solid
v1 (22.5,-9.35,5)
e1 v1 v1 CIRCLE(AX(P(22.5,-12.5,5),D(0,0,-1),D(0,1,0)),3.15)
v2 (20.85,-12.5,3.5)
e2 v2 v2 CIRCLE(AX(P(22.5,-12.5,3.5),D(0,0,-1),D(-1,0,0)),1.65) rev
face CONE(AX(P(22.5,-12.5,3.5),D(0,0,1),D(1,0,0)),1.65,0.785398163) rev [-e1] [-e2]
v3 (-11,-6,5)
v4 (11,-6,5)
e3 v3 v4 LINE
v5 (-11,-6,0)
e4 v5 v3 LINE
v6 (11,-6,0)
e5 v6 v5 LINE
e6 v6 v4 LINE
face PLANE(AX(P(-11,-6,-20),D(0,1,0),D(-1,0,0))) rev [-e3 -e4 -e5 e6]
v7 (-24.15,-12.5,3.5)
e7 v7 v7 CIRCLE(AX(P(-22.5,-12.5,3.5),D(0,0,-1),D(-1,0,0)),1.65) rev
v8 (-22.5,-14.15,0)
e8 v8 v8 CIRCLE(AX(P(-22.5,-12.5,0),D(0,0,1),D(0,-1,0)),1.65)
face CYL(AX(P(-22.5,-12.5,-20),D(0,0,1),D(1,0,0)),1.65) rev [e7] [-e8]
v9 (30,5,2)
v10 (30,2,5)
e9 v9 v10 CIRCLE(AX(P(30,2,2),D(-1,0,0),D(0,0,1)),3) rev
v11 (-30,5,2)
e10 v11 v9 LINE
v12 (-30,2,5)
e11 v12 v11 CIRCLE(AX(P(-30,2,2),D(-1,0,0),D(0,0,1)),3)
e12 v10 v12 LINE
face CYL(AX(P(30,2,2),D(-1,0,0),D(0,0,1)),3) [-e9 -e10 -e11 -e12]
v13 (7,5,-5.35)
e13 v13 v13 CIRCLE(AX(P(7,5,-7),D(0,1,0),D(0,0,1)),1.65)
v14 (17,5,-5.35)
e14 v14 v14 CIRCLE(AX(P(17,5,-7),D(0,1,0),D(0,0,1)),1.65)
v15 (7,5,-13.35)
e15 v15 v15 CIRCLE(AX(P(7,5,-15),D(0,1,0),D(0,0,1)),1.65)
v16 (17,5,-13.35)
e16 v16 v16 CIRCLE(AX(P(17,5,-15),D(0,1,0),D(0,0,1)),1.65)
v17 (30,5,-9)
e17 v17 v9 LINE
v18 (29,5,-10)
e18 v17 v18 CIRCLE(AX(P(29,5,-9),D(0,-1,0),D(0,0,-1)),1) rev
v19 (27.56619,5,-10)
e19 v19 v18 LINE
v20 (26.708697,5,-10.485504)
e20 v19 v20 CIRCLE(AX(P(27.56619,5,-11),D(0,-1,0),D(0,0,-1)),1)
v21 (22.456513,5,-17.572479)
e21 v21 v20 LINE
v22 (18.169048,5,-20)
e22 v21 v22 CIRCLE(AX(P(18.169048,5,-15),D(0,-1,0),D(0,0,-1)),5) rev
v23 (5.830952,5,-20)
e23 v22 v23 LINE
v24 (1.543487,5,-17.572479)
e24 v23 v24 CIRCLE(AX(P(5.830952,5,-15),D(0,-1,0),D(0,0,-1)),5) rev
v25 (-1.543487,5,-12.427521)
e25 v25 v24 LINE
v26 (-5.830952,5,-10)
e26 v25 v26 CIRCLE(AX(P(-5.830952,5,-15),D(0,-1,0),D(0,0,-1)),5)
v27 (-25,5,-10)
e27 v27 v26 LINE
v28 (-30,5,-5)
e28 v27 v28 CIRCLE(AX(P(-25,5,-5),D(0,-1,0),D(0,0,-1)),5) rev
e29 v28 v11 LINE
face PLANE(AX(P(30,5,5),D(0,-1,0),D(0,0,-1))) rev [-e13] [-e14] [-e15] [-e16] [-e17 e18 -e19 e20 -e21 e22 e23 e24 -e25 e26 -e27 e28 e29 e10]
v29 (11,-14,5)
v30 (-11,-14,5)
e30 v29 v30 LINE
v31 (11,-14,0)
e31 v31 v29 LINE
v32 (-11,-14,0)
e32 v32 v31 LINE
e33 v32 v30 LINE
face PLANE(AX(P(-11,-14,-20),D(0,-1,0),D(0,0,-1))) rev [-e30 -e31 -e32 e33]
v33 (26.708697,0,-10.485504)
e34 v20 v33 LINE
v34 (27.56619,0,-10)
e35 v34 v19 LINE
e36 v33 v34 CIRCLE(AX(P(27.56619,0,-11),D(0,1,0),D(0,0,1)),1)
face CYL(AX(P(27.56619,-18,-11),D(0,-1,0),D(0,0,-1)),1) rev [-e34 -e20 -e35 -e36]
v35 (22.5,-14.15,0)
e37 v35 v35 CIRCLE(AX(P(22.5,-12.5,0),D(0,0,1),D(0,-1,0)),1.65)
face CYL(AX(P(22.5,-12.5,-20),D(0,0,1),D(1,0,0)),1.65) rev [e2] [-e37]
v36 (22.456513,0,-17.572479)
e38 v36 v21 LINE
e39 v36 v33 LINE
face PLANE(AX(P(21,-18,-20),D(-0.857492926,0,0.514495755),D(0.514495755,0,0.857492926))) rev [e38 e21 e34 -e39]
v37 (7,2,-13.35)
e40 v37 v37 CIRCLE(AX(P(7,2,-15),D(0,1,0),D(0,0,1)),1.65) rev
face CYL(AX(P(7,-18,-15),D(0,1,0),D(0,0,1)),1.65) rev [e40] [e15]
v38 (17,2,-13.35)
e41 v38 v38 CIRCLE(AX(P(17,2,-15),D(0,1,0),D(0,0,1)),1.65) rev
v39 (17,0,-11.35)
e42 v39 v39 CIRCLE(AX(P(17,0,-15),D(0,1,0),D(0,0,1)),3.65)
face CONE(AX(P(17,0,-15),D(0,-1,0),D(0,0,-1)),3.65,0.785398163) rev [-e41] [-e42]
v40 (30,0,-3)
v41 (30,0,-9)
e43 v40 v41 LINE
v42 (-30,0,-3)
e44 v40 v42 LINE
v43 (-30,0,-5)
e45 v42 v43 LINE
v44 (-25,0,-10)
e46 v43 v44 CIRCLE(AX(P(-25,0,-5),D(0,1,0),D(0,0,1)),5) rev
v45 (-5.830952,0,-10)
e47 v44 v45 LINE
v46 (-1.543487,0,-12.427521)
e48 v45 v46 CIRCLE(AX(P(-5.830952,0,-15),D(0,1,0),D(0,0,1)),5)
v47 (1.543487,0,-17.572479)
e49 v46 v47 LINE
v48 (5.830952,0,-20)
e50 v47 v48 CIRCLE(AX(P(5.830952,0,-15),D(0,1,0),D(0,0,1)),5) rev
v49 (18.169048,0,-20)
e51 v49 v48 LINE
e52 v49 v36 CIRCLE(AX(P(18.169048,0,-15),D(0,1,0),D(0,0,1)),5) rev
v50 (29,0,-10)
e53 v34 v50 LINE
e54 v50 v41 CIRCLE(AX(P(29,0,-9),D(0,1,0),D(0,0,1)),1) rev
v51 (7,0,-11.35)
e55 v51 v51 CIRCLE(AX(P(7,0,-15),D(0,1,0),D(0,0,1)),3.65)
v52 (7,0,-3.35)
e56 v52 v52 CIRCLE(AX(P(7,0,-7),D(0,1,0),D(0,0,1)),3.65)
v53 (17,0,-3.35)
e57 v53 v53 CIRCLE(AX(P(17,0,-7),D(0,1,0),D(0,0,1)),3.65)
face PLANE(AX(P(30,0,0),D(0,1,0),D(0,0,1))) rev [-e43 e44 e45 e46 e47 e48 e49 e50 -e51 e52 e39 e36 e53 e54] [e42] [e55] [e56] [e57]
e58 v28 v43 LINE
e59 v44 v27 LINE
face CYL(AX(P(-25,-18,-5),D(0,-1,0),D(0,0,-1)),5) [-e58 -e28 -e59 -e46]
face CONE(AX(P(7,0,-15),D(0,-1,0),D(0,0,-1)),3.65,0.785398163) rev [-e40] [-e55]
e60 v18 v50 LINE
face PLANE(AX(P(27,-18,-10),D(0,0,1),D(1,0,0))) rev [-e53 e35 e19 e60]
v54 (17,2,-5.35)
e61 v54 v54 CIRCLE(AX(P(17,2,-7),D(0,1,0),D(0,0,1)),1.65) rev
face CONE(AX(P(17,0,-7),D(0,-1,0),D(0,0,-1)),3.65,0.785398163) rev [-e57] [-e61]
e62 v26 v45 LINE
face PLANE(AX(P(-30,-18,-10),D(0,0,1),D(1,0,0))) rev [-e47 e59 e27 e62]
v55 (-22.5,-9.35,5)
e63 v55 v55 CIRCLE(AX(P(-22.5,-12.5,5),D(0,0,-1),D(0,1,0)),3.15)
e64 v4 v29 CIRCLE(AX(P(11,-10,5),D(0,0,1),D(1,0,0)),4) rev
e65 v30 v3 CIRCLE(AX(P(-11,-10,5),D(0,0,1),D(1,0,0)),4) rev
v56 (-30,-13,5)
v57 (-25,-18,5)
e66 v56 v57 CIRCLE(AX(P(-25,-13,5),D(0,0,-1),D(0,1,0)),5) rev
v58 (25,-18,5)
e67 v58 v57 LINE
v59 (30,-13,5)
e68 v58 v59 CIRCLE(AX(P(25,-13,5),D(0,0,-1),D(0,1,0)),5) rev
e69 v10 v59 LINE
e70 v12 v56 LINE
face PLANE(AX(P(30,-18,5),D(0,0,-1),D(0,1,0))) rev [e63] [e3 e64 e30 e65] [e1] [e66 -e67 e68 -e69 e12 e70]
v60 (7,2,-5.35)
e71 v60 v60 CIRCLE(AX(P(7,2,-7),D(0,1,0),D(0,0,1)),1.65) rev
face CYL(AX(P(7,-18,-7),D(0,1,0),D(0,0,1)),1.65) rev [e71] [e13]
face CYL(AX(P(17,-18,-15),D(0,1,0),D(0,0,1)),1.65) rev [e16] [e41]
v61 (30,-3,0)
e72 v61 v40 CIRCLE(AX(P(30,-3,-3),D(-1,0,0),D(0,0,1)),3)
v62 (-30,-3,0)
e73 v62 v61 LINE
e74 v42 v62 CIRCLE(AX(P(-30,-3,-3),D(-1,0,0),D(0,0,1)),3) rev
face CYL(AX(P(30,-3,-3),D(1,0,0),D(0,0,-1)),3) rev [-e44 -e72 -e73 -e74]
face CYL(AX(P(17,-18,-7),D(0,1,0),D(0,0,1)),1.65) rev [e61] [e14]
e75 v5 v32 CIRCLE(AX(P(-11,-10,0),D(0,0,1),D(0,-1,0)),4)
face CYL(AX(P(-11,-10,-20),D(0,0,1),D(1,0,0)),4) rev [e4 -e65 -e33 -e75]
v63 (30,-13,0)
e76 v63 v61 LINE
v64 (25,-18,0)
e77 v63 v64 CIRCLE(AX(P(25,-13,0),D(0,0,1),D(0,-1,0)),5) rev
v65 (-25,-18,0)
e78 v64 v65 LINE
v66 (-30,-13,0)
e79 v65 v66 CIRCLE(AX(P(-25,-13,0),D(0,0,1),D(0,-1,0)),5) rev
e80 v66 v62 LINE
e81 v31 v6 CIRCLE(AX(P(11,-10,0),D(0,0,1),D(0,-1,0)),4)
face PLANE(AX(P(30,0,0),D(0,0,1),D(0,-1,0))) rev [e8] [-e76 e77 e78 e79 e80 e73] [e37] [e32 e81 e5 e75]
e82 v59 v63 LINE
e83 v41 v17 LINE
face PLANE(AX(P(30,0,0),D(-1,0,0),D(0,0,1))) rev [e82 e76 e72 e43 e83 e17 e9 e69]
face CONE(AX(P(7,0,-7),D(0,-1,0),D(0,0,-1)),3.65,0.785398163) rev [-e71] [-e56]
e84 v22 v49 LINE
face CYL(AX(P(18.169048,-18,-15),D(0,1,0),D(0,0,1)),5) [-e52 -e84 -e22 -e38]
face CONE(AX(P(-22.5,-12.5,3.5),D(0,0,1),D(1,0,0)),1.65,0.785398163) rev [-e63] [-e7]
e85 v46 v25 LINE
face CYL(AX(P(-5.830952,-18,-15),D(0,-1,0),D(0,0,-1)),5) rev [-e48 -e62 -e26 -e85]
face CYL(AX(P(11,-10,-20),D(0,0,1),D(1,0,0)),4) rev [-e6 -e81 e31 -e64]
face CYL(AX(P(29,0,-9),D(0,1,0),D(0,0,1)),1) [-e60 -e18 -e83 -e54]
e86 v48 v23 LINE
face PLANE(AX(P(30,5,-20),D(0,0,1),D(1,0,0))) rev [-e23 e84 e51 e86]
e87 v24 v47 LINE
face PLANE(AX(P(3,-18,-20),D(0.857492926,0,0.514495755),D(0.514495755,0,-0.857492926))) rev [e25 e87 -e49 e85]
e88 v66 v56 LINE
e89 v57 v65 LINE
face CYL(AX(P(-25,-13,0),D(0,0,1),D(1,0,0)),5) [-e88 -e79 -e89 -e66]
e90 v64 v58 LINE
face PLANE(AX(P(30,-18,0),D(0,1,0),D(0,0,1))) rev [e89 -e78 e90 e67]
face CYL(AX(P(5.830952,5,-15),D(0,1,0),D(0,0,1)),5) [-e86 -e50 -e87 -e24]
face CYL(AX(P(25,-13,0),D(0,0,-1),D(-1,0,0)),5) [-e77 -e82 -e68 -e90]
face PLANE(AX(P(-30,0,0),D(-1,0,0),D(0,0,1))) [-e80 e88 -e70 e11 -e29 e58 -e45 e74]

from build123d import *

# Parameters (mm, degrees)
BOSS_EXTRUDE1_DEPTH     = 30
CUT_EXTRUDE1_DEPTH      = 41.298883359
CUT_EXTRUDE1_DEPTH_BACK = 41.298883359
SKETCH2_R               = 1.65
CUT_EXTRUDE2_DEPTH      = 41.298883359
CUT_EXTRUDE2_DEPTH_BACK = 41.298883359
SKETCH3_R               = 1.65
FILLET1_R               = 5
FILLET2_R               = 3
CHAMFER1_SIZE           = 2
CHAMFER2_SIZE           = 1.5
CUT_EXTRUDE3_DEPTH      = 44
CUT_EXTRUDE3_DEPTH_BACK = 44
FILLET3_R               = 1


with BuildPart() as part:
    # Sketch1 → Boss-Extrude1 (new, symmetric)
    with BuildSketch(Plane(origin=(0, 0, 0), x_dir=(0, 0, -1), z_dir=(1, 0, 0))):
        Polygon((0, 0), (20, 0), (20, 5), (-5, 5), (-5, -18), (0, -18), align=None)
    extrude(amount=BOSS_EXTRUDE1_DEPTH, both=True)

    # Sketch2 → Cut-Extrude1 (cut, two sides: drawn at the far end of the back side and taken through both)
    with BuildSketch(Plane.XY.offset(-CUT_EXTRUDE1_DEPTH_BACK)):
        with Locations((22.5, -12.5)):
            Circle(SKETCH2_R)
        with Locations(Location((-22.5, -12.5, 0), (0, 0, 270))):
            Circle(SKETCH2_R)
    extrude(amount=CUT_EXTRUDE1_DEPTH + CUT_EXTRUDE1_DEPTH_BACK, mode=Mode.SUBTRACT)

    # Sketch3 → Cut-Extrude2 (cut, two sides: drawn at the far end of the back side and taken through both)
    with BuildSketch(Plane(origin=(0, 0, 0), x_dir=(1, 0, 0), z_dir=(0, 1, 0)).offset(-CUT_EXTRUDE2_DEPTH_BACK)):
        with Locations(Location((7, 7, 0), (0, 0, 270))):
            Circle(SKETCH3_R)
        with Locations(Location((17, 7, 0), (0, 0, 270))):
            Circle(SKETCH3_R)
        with Locations(Location((17, 15, 0), (0, 0, 270))):
            Circle(SKETCH3_R)
        with Locations(Location((7, 15, 0), (0, 0, 270))):
            Circle(SKETCH3_R)
        Polygon((21, 20), (27, 10), (30, 10), (38.233411058, 24.132528873), (36.351497345, 35.273458054), (14.220192082, 36.929542121), (-3.211887252, 31.82230336), (-34.48112888, 29.547116003), (-37.048006924, 19.046251277), (-30, 10), (-3, 10), (3, 20), align=None)
    extrude(amount=CUT_EXTRUDE2_DEPTH + CUT_EXTRUDE2_DEPTH_BACK, mode=Mode.SUBTRACT)

    # Fillet1
    fillet1_edges = [part.edges().sort_by_distance(p)[0] for p in [
        (30, -18, 2.5),
        (-30, 2.5, -10),
        (21, 2.5, -20),
        (3, 2.5, -20),
        (-3, 2.5, -10),
        (-30, -18, 2.5),
    ]]
    fillet(fillet1_edges, radius=FILLET1_R)

    # Fillet2
    fillet2_edges = [part.edges().sort_by_distance(p)[0] for p in [
        (0, 5, 5),
        (0, 0, 0),
    ]]
    fillet(fillet2_edges, radius=FILLET2_R)

    # Chamfer1
    chamfer1_edges = [part.edges().sort_by_distance(p)[0] for p in [
        (7, 0, -8.65),
        (17, 0, -16.65),
        (7, 0, -16.65),
        (17, 0, -8.65),
    ]]
    chamfer(chamfer1_edges, length=CHAMFER1_SIZE)

    # Chamfer2
    chamfer2_edges = [part.edges().sort_by_distance(p)[0] for p in [
        (20.85, -12.5, 5),
        (-22.5, -10.85, 5),
    ]]
    chamfer(chamfer2_edges, length=CHAMFER2_SIZE)

    # Sketch4 → Cut-Extrude3 (cut, two sides: drawn at the far end of the back side and taken through both)
    with BuildSketch(Plane.XY.offset(5).offset(-CUT_EXTRUDE3_DEPTH_BACK)):
        with BuildLine():
            Line((-11, -6), (11, -6))
            ThreePointArc((11, -6), (15, -10), (11, -14))
            Line((11, -14), (-11, -14))
            ThreePointArc((-11, -14), (-15, -10), (-11, -6))
        make_face()
    extrude(amount=CUT_EXTRUDE3_DEPTH + CUT_EXTRUDE3_DEPTH_BACK, mode=Mode.SUBTRACT)

    # Fillet3
    fillet3_edges = [part.edges().sort_by_distance(p)[0] for p in [
        (30, 2.5, -10),
        (27, 2.5, -10),
    ]]
    fillet(fillet3_edges, radius=FILLET3_R)


solid = part.part
